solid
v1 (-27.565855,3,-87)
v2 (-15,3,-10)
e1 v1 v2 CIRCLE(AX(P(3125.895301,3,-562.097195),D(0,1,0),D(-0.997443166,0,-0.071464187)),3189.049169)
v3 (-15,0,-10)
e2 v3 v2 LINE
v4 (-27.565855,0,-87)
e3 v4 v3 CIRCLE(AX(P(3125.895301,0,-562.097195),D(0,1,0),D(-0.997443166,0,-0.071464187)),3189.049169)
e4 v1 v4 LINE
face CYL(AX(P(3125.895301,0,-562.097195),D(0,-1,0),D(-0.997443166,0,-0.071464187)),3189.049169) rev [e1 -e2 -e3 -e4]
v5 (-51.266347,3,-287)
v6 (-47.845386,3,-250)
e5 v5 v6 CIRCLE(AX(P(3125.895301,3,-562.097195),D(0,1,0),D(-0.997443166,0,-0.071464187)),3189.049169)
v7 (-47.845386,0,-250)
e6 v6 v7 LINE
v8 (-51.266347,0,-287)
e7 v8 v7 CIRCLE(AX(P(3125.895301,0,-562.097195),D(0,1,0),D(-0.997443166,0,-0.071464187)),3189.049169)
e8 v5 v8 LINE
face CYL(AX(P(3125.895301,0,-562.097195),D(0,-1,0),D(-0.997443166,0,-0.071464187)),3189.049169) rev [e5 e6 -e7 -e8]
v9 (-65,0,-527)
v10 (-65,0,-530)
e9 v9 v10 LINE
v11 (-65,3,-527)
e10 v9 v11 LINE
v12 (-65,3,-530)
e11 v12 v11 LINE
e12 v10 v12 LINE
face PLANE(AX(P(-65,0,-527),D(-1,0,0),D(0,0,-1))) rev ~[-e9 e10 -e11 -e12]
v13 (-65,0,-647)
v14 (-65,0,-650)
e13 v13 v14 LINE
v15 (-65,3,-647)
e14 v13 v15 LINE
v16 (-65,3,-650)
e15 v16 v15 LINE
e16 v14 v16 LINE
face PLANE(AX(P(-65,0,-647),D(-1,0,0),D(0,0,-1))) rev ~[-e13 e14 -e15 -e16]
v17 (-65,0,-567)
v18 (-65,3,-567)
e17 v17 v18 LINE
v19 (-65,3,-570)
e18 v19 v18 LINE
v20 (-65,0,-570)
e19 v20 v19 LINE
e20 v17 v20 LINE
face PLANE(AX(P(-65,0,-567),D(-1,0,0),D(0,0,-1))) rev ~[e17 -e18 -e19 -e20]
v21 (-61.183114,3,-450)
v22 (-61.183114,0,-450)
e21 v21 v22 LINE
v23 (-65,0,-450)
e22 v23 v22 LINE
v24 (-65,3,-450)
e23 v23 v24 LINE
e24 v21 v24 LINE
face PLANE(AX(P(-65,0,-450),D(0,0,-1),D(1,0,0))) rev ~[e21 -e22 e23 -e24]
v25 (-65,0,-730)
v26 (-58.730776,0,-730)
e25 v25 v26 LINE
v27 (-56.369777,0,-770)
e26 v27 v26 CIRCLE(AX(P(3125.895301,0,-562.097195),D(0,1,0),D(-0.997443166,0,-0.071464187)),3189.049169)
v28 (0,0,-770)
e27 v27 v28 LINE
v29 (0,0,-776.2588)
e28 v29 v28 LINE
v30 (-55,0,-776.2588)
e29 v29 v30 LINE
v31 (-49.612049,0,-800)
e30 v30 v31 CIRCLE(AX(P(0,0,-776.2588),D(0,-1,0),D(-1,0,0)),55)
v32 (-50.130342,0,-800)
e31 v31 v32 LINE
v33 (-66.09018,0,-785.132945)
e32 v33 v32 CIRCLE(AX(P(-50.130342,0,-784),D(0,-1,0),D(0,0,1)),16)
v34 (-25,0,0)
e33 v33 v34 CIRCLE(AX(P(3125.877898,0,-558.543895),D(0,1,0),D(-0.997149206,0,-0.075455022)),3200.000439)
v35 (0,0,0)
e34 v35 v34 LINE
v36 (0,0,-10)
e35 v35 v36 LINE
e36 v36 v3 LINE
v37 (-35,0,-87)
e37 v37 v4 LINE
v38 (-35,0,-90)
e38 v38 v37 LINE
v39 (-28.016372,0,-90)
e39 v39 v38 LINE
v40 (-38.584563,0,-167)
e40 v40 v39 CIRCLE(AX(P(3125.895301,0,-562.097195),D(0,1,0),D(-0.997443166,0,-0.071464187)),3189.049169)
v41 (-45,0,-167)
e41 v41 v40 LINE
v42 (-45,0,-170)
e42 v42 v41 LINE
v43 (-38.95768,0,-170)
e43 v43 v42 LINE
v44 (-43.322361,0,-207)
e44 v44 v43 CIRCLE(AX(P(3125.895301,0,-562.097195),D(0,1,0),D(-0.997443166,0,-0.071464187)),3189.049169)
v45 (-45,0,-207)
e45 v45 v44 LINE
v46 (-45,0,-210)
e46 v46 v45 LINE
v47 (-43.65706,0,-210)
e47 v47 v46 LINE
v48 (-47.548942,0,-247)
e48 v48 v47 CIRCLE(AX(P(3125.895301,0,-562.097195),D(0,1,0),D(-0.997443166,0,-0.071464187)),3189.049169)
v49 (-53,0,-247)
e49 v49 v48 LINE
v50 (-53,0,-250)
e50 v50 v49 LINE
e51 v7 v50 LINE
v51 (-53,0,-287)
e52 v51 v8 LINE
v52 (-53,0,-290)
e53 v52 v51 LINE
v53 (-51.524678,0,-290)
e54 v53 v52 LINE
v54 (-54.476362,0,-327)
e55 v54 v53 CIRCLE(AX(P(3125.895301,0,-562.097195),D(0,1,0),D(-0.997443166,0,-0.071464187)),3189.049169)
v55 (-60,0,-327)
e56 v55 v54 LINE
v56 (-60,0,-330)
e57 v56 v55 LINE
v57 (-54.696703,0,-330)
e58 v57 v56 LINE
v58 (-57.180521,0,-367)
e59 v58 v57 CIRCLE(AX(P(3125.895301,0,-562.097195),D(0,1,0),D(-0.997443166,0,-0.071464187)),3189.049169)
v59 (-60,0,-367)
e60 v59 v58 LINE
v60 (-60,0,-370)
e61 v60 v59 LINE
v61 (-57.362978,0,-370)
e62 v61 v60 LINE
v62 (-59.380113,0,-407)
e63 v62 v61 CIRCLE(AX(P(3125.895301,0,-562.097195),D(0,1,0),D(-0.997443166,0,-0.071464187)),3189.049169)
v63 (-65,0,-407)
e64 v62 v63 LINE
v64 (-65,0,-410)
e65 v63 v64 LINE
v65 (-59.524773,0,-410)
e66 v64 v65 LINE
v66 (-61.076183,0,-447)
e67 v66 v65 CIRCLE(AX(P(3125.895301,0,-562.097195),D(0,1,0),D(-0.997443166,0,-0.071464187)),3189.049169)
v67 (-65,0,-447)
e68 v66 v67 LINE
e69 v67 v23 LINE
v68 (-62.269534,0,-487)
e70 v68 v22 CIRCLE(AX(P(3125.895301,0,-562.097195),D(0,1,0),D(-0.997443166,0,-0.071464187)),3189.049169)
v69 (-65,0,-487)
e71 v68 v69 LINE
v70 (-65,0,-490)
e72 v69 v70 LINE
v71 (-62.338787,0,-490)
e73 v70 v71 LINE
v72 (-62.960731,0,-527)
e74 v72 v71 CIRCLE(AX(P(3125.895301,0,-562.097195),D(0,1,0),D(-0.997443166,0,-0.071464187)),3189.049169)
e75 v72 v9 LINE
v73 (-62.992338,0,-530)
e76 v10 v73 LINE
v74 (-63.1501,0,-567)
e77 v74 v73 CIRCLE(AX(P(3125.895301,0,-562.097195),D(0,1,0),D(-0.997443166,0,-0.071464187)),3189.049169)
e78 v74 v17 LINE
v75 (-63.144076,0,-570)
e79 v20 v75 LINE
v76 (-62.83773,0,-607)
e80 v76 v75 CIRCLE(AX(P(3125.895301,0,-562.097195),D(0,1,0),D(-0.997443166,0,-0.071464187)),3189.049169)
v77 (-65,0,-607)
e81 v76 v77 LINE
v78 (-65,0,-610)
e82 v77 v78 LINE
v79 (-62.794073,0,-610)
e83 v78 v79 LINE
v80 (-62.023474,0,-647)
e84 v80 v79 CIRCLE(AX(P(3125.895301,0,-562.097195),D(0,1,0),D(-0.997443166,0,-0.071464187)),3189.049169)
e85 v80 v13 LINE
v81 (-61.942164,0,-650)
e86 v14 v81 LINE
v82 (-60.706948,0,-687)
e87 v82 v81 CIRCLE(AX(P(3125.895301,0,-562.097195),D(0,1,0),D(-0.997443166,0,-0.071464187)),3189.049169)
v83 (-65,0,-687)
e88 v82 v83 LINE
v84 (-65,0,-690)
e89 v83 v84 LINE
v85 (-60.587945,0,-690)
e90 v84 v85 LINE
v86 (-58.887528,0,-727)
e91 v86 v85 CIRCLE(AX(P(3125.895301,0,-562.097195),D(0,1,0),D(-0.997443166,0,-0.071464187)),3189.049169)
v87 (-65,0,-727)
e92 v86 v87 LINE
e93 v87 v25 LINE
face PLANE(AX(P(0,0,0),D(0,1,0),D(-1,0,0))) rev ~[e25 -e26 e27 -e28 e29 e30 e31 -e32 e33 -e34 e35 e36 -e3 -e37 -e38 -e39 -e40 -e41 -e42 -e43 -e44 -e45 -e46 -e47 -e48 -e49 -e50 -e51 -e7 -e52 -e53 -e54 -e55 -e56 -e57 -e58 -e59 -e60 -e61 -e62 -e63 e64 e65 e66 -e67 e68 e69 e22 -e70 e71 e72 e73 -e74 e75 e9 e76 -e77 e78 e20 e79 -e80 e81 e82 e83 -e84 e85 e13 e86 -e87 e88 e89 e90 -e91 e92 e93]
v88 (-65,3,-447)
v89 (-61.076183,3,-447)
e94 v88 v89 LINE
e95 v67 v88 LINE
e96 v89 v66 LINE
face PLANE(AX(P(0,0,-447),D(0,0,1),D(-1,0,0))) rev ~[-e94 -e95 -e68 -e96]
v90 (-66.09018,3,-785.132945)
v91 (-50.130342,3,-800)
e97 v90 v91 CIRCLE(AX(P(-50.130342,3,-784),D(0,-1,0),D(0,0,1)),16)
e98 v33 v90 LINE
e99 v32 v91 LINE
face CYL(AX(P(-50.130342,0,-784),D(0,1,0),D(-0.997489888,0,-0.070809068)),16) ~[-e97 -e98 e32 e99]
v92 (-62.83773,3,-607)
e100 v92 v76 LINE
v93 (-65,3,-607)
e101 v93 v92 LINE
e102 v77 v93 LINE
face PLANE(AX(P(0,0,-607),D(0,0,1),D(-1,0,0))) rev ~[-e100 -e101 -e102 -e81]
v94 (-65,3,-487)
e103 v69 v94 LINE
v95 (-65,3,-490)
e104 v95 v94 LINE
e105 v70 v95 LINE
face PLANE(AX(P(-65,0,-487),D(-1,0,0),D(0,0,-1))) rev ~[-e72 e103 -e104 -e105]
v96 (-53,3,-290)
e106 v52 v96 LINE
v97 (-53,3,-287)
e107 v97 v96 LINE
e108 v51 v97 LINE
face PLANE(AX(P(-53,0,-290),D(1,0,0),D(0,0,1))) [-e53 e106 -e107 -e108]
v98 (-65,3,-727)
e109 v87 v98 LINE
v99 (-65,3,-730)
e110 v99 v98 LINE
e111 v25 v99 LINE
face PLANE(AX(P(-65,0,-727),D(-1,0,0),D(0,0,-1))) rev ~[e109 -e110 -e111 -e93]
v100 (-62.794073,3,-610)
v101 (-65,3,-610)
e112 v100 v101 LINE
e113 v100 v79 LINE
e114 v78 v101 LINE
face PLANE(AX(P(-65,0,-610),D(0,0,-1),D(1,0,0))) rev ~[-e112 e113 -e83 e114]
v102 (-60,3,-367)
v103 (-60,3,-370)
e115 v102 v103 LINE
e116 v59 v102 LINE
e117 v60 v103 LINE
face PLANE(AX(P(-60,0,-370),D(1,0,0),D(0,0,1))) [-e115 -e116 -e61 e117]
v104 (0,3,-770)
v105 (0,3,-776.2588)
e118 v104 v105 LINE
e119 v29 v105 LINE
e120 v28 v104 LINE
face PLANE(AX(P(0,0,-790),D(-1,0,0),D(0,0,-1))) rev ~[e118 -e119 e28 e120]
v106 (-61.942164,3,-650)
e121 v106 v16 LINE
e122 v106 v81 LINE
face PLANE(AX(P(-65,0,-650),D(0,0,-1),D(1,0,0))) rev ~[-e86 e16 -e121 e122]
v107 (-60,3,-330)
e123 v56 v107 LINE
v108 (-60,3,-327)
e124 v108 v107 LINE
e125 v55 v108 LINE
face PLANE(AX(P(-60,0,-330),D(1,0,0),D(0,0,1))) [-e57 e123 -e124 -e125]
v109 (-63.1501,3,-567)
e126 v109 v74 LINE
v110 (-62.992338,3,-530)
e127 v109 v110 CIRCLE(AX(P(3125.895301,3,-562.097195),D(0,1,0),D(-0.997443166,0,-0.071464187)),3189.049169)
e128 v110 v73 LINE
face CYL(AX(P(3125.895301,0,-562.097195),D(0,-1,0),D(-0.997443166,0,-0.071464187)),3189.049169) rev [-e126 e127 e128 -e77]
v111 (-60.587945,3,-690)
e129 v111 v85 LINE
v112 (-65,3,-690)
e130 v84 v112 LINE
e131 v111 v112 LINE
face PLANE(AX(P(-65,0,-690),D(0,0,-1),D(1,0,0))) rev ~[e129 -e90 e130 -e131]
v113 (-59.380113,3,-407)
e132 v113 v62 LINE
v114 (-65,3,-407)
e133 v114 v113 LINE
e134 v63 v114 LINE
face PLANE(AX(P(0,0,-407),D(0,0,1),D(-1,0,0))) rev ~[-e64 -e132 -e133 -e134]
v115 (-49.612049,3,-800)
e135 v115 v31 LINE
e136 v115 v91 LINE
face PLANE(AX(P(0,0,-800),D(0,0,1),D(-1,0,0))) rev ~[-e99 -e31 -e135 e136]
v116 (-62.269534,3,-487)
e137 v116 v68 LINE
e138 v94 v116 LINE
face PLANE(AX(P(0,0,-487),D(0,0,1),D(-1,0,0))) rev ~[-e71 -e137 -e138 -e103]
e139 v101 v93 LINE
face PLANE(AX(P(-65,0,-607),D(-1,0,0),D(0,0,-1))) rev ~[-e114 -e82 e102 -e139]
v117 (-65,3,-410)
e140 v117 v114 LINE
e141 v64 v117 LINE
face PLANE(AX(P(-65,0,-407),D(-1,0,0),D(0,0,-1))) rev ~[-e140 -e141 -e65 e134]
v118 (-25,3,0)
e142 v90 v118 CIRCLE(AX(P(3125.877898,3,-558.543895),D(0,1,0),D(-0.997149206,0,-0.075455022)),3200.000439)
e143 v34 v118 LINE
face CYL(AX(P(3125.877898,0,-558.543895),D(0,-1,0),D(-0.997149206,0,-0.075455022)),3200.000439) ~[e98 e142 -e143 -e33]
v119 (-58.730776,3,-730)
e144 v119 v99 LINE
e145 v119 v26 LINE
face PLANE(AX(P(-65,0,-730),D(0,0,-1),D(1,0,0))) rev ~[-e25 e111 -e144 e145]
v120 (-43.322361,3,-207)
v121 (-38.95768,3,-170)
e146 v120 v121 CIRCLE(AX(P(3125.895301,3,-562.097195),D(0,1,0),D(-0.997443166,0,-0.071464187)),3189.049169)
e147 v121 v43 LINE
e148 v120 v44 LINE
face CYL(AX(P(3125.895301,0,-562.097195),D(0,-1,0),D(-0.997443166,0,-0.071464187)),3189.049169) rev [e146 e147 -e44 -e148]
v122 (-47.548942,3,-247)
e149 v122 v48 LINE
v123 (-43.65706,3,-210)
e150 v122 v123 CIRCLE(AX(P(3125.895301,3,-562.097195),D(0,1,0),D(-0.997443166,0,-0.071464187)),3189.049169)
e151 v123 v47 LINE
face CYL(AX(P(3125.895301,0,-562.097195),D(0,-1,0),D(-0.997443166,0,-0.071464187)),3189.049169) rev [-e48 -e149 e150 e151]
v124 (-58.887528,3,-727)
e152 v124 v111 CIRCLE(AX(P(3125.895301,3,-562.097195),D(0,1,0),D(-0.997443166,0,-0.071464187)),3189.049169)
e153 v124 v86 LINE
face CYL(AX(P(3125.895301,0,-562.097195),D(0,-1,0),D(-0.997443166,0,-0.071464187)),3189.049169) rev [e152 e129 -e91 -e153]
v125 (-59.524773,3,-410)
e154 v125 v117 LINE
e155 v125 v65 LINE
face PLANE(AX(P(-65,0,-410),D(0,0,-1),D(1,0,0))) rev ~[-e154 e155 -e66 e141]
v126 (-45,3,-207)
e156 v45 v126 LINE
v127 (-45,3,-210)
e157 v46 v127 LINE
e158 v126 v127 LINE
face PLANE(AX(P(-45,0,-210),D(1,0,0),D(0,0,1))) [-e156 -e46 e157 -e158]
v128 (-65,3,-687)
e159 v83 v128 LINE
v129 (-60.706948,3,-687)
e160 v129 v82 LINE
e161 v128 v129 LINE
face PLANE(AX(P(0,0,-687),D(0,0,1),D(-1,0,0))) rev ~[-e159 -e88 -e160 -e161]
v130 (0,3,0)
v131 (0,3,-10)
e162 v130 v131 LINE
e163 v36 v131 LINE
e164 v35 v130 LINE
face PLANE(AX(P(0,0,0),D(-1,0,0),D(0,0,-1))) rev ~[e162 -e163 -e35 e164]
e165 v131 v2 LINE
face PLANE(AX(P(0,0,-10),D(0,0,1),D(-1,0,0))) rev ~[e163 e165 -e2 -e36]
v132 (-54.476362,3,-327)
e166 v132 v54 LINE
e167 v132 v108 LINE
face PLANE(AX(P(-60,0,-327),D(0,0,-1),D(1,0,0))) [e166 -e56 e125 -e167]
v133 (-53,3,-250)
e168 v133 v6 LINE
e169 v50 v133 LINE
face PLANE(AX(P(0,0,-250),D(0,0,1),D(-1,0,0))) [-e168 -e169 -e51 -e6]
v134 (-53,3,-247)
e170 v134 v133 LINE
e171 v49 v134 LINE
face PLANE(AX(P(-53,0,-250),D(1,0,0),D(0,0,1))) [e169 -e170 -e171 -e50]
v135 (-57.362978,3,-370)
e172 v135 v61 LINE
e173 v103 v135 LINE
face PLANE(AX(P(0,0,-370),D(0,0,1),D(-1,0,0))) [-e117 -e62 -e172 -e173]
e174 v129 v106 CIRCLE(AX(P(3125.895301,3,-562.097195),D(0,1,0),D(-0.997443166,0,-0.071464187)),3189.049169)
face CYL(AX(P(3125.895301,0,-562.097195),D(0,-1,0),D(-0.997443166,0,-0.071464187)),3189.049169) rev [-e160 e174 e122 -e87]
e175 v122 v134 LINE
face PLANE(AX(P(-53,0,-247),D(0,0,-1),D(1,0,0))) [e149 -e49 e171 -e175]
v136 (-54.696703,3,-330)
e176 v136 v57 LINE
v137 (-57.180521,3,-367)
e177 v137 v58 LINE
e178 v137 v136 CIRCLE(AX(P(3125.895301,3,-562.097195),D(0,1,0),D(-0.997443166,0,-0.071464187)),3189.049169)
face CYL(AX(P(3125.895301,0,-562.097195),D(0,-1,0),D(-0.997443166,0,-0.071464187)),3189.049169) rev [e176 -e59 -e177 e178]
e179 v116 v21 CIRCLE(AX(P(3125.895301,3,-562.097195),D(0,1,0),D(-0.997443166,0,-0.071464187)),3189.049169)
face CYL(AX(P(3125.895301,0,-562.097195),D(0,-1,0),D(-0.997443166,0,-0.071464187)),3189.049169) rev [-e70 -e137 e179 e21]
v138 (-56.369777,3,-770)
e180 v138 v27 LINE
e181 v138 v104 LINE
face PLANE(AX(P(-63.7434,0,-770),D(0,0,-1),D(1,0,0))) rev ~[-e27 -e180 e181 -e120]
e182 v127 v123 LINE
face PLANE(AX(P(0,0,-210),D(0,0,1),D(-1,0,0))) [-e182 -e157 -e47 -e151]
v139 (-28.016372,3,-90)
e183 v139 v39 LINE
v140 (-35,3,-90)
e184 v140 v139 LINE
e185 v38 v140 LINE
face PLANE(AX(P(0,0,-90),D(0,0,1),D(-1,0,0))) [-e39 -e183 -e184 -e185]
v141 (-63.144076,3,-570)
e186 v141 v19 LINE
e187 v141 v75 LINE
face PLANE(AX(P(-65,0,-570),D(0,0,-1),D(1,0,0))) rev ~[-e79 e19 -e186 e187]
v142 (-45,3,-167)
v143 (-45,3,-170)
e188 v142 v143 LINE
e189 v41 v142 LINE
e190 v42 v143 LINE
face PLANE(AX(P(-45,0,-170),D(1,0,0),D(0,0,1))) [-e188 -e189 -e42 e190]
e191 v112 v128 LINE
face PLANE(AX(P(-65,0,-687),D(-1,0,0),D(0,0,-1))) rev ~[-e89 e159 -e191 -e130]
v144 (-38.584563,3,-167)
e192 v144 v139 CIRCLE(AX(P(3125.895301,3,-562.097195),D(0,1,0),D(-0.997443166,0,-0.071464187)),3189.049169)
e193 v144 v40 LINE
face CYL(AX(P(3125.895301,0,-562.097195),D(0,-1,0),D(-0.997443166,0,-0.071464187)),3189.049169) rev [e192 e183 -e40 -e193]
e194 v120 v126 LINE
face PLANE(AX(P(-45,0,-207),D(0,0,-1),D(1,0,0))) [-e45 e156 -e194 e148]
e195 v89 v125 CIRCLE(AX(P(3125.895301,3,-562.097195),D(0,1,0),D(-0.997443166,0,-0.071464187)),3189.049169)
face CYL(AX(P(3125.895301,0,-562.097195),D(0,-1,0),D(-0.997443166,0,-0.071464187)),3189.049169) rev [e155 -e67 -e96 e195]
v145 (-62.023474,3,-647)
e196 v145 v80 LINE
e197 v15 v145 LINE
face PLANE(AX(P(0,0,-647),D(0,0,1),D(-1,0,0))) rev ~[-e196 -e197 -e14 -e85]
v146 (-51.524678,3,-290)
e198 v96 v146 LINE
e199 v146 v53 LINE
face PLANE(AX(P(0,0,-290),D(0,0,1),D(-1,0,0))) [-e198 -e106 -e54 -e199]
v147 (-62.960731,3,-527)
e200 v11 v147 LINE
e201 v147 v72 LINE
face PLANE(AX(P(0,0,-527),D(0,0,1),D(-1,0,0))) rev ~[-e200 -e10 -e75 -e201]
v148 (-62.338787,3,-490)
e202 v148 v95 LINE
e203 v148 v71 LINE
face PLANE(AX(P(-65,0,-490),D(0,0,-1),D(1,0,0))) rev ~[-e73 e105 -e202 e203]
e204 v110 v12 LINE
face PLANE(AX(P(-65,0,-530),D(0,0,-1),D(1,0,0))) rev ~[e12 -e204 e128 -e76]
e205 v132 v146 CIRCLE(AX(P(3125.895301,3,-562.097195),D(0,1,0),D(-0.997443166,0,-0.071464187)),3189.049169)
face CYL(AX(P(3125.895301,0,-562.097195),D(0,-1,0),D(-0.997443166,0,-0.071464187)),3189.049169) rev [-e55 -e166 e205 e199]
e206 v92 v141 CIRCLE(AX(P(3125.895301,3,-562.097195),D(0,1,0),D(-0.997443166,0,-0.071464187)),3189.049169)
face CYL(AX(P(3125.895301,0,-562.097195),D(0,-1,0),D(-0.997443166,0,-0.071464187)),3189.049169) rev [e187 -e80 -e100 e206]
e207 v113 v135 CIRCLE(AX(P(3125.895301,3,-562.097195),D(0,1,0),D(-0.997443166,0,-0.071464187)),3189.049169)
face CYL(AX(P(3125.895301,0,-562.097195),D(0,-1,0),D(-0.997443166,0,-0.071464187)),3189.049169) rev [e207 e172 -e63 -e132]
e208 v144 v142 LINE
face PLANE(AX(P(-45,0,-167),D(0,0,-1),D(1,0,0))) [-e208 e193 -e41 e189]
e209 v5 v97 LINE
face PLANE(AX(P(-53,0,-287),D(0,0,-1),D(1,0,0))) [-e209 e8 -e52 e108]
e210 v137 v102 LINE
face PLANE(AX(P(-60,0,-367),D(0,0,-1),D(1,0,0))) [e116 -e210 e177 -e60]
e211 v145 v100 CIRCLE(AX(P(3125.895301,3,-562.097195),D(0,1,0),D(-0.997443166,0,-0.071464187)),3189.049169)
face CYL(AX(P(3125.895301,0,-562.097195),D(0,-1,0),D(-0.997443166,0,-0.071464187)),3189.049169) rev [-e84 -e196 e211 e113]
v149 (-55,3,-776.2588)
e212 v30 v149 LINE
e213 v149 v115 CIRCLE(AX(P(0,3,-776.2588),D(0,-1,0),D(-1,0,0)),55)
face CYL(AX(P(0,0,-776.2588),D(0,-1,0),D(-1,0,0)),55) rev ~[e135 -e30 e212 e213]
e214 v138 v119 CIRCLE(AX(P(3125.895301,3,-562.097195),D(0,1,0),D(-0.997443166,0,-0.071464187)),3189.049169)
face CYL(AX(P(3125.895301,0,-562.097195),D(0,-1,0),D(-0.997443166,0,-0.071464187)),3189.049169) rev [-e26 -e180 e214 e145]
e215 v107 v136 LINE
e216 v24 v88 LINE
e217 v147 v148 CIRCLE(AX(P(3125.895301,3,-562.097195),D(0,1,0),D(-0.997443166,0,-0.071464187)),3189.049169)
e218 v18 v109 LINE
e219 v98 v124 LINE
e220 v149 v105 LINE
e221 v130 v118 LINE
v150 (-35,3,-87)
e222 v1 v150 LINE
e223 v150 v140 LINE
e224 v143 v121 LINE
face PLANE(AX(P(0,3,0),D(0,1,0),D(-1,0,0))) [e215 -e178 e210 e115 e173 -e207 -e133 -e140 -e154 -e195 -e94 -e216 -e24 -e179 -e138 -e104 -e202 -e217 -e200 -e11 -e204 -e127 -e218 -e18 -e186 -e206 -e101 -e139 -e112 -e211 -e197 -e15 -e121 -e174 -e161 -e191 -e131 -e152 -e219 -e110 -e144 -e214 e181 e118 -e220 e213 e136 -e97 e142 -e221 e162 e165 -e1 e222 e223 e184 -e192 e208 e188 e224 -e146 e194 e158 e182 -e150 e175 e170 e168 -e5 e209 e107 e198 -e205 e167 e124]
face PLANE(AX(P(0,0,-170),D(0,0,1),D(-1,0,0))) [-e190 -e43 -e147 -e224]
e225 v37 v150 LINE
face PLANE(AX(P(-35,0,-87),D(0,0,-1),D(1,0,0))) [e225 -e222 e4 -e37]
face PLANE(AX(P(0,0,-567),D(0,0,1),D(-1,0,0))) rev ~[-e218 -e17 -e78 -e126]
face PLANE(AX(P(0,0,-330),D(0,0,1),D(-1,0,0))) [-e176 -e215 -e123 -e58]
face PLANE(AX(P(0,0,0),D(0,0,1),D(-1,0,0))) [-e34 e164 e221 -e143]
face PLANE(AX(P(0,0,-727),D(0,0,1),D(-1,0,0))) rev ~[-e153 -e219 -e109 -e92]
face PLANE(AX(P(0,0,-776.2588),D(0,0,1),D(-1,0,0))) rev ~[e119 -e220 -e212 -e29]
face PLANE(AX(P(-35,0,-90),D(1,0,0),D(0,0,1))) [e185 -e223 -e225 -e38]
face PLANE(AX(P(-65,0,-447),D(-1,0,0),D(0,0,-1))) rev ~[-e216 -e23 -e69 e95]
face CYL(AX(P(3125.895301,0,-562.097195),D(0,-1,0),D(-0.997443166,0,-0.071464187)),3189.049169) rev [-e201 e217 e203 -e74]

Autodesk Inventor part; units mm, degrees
ref_plane "YZ Plane" through (0, 0, 0) normal (1, 0, 0) x (0, 1, 0)
ref_plane "XZ Plane" through (0, 0, 0) normal (0, 1, 0) x (-1, 0, 0)
ref_plane "XY Plane" through (0, 0, 0) normal (0, 0, 1) x (1, 0, 0)
sketch "Sketch1" plane through (0, 0, 0) normal (0, 1, 0) x (-1, 0, 0)
  line L0 (0, 0) -> (25, 0)
  line L1 (0, 0) -> (0, -10)
  line L2 (0, -10) -> (15, -10)
  line L3 (55, -790) -> (0, -790)
  line L4 (0, -790) -> (0, -800)
  line L5 (0, -800) -> (65, -800)
  arc A0 (65, -800) -> (25, 0) centre (-3125.8775, -558.5439) ccw
  arc A1 (55, -790) -> (15, -10) centre (-3125.8948, -562.0972) ccw
  line L6 (0, -960.2513) -> (0, 161.5078) projected
  dimension "d0" = 10
  dimension "d1" = 25
  dimension "d2" = 15
  dimension "d3" = 10
  dimension "d4" = 65
  dimension "d5" = 55
  dimension "d6" = 0
  dimension "d7" = 800
  dimension "d8" = 3200
  dimension "d9" = 3189.0486
extrude "Extrusion2" add sketch "Sketch1" along normal blind 3 contours L0 A0 L5 L4 L3 A1 L2 L1
sketch "Sketch3" plane through (0, 0, 0) normal (0, -1, 0) x (1, 0, 0)
  line L0 (-55, -790) -> (0, -790) projected
  line L1 (0, -790) -> (-63.7434, -790)
  line L2 (-63.7434, -790) -> (-63.7434, -770)
  line L3 (-63.7434, -770) -> (0, -770)
  line L4 (0, -770) -> (0, -790)
  point P0 (0, 0)
  dimension "d15" = 20
  dimension "d16" = 63.7434
extrude "Extrusion3" add sketch "Sketch3" against normal blind 3
sketch "Sketch4" plane through (0, 0, 0) normal (0, -1, 0) x (1, 0, 0)
  arc A0 (-55, -776.2588) -> (0, -831.2588) centre (0, -776.2588) ccw
  line L0 (0, -831.2588) -> (0, -776.2588)
  line L1 (0, -776.2588) -> (-55, -776.2588)
  line L2 (0, -800) -> (0, -770) projected
  point P0 (0, 0)
  dimension "d19" = 0
  dimension "d20" = 0
  dimension "d21" = 55
extrude "Extrusion4" cut sketch "Sketch4" against normal blind 10
fillet "Fillet1" radius 16 1 edges at (-65, 1.5, -800)
sketch "Sketch5" plane through (0, 0, 0) normal (0, -1, 0) x (1, 0, 0)
  line L0 (-65, -730) -> (0, -730)
  line L1 (0, -730) -> (0, -727)
  line L2 (0, -727) -> (-65, -727)
  line L3 (-65, -727) -> (-65, -730)
  line L4 (0, -770) -> (-56.3698, -770) projected
  line L5 (0, -776.2588) -> (0, -770) projected
  point P0 (0, 0)
  dimension "d25" = 3
  dimension "d26" = 40
  dimension "d27" = 65
  dimension "d28" = 0
extrude "Extrusion5" cut sketch "Sketch5" against normal blind 10
pattern_linear "Rectangular Pattern1" count 9 spacing 40 along (0, 0, 1) of "Extrusion5"
sketch "Sketch6" plane through (0, 0, 0) normal (0, -1, 0) x (1, 0, 0)
  line L0 (0, -370) -> (-60, -370)
  line L1 (-60, -370) -> (-60, -367)
  line L2 (-60, -367) -> (0, -367)
  line L3 (0, -367) -> (0, -370)
  line L4 (0, 0) -> (0, -10) projected
  line L5 (-59.5248, -410) -> (-65, -410) projected
  dimension "d34" = 3
  dimension "d35" = 0
  dimension "d36" = 40
  dimension "d37" = 60
extrude "Extrusion6" cut sketch "Sketch6" against normal blind 10
pattern_linear "Rectangular Pattern2" count 2 spacing 40 along (0, 0, 1) of "Extrusion6"
sketch "Sketch7" plane through (0, 0, 0) normal (0, -1, 0) x (1, 0, 0)
  line L0 (0, -290) -> (-53, -290)
  line L1 (-53, -290) -> (-53, -287)
  line L2 (-53, -287) -> (0, -287)
  line L3 (0, -287) -> (0, -290)
  line L4 (0, -960) -> (0, 160) projected
  line L5 (-54.6967, -330) -> (-60, -330) projected
  point P0 (0, 0)
  dimension "d43" = 3
  dimension "d44" = 0
  dimension "d45" = 40
  dimension "d46" = 53
extrude "Extrusion7" cut sketch "Sketch7" against normal blind 10
pattern_linear "Rectangular Pattern3" count 2 spacing 40 along (0, 0, 1) of "Extrusion7"
sketch "Sketch8" plane through (0, 0, 0) normal (0, -1, 0) x (1, 0, 0)
  line L0 (0, -210) -> (-45, -210)
  line L1 (-45, -210) -> (-45, -207)
  line L2 (-45, -207) -> (0, -207)
  line L3 (0, -207) -> (0, -210)
  line L4 (-47.8454, -250) -> (-53, -250) projected
  line L5 (0, 0) -> (0, -10) projected
  dimension "d52" = 3
  dimension "d53" = 40
  dimension "d54" = 0
  dimension "d55" = 45
extrude "Extrusion8" cut sketch "Sketch8" against normal blind 10
pattern_linear "Rectangular Pattern4" count 2 spacing 40 along (0, 0, 1) of "Extrusion8"
sketch "Sketch9" plane through (0, 0, 0) normal (0, -1, 0) x (1, 0, 0)
  line L0 (0, -90) -> (-35, -90)
  line L1 (-35, -90) -> (-35, -87)
  line L2 (-35, -87) -> (0, -87)
  line L3 (0, -87) -> (0, -90)
  line L4 (0, -10) -> (-15, -10) projected
  line L5 (0, 0) -> (0, -10) projected
  dimension "d61" = 3
  dimension "d62" = 77
  dimension "d63" = 0
  dimension "d64" = 35
extrude "Extrusion9" cut sketch "Sketch9" against normal blind 10
properties part number "os_traverse"
